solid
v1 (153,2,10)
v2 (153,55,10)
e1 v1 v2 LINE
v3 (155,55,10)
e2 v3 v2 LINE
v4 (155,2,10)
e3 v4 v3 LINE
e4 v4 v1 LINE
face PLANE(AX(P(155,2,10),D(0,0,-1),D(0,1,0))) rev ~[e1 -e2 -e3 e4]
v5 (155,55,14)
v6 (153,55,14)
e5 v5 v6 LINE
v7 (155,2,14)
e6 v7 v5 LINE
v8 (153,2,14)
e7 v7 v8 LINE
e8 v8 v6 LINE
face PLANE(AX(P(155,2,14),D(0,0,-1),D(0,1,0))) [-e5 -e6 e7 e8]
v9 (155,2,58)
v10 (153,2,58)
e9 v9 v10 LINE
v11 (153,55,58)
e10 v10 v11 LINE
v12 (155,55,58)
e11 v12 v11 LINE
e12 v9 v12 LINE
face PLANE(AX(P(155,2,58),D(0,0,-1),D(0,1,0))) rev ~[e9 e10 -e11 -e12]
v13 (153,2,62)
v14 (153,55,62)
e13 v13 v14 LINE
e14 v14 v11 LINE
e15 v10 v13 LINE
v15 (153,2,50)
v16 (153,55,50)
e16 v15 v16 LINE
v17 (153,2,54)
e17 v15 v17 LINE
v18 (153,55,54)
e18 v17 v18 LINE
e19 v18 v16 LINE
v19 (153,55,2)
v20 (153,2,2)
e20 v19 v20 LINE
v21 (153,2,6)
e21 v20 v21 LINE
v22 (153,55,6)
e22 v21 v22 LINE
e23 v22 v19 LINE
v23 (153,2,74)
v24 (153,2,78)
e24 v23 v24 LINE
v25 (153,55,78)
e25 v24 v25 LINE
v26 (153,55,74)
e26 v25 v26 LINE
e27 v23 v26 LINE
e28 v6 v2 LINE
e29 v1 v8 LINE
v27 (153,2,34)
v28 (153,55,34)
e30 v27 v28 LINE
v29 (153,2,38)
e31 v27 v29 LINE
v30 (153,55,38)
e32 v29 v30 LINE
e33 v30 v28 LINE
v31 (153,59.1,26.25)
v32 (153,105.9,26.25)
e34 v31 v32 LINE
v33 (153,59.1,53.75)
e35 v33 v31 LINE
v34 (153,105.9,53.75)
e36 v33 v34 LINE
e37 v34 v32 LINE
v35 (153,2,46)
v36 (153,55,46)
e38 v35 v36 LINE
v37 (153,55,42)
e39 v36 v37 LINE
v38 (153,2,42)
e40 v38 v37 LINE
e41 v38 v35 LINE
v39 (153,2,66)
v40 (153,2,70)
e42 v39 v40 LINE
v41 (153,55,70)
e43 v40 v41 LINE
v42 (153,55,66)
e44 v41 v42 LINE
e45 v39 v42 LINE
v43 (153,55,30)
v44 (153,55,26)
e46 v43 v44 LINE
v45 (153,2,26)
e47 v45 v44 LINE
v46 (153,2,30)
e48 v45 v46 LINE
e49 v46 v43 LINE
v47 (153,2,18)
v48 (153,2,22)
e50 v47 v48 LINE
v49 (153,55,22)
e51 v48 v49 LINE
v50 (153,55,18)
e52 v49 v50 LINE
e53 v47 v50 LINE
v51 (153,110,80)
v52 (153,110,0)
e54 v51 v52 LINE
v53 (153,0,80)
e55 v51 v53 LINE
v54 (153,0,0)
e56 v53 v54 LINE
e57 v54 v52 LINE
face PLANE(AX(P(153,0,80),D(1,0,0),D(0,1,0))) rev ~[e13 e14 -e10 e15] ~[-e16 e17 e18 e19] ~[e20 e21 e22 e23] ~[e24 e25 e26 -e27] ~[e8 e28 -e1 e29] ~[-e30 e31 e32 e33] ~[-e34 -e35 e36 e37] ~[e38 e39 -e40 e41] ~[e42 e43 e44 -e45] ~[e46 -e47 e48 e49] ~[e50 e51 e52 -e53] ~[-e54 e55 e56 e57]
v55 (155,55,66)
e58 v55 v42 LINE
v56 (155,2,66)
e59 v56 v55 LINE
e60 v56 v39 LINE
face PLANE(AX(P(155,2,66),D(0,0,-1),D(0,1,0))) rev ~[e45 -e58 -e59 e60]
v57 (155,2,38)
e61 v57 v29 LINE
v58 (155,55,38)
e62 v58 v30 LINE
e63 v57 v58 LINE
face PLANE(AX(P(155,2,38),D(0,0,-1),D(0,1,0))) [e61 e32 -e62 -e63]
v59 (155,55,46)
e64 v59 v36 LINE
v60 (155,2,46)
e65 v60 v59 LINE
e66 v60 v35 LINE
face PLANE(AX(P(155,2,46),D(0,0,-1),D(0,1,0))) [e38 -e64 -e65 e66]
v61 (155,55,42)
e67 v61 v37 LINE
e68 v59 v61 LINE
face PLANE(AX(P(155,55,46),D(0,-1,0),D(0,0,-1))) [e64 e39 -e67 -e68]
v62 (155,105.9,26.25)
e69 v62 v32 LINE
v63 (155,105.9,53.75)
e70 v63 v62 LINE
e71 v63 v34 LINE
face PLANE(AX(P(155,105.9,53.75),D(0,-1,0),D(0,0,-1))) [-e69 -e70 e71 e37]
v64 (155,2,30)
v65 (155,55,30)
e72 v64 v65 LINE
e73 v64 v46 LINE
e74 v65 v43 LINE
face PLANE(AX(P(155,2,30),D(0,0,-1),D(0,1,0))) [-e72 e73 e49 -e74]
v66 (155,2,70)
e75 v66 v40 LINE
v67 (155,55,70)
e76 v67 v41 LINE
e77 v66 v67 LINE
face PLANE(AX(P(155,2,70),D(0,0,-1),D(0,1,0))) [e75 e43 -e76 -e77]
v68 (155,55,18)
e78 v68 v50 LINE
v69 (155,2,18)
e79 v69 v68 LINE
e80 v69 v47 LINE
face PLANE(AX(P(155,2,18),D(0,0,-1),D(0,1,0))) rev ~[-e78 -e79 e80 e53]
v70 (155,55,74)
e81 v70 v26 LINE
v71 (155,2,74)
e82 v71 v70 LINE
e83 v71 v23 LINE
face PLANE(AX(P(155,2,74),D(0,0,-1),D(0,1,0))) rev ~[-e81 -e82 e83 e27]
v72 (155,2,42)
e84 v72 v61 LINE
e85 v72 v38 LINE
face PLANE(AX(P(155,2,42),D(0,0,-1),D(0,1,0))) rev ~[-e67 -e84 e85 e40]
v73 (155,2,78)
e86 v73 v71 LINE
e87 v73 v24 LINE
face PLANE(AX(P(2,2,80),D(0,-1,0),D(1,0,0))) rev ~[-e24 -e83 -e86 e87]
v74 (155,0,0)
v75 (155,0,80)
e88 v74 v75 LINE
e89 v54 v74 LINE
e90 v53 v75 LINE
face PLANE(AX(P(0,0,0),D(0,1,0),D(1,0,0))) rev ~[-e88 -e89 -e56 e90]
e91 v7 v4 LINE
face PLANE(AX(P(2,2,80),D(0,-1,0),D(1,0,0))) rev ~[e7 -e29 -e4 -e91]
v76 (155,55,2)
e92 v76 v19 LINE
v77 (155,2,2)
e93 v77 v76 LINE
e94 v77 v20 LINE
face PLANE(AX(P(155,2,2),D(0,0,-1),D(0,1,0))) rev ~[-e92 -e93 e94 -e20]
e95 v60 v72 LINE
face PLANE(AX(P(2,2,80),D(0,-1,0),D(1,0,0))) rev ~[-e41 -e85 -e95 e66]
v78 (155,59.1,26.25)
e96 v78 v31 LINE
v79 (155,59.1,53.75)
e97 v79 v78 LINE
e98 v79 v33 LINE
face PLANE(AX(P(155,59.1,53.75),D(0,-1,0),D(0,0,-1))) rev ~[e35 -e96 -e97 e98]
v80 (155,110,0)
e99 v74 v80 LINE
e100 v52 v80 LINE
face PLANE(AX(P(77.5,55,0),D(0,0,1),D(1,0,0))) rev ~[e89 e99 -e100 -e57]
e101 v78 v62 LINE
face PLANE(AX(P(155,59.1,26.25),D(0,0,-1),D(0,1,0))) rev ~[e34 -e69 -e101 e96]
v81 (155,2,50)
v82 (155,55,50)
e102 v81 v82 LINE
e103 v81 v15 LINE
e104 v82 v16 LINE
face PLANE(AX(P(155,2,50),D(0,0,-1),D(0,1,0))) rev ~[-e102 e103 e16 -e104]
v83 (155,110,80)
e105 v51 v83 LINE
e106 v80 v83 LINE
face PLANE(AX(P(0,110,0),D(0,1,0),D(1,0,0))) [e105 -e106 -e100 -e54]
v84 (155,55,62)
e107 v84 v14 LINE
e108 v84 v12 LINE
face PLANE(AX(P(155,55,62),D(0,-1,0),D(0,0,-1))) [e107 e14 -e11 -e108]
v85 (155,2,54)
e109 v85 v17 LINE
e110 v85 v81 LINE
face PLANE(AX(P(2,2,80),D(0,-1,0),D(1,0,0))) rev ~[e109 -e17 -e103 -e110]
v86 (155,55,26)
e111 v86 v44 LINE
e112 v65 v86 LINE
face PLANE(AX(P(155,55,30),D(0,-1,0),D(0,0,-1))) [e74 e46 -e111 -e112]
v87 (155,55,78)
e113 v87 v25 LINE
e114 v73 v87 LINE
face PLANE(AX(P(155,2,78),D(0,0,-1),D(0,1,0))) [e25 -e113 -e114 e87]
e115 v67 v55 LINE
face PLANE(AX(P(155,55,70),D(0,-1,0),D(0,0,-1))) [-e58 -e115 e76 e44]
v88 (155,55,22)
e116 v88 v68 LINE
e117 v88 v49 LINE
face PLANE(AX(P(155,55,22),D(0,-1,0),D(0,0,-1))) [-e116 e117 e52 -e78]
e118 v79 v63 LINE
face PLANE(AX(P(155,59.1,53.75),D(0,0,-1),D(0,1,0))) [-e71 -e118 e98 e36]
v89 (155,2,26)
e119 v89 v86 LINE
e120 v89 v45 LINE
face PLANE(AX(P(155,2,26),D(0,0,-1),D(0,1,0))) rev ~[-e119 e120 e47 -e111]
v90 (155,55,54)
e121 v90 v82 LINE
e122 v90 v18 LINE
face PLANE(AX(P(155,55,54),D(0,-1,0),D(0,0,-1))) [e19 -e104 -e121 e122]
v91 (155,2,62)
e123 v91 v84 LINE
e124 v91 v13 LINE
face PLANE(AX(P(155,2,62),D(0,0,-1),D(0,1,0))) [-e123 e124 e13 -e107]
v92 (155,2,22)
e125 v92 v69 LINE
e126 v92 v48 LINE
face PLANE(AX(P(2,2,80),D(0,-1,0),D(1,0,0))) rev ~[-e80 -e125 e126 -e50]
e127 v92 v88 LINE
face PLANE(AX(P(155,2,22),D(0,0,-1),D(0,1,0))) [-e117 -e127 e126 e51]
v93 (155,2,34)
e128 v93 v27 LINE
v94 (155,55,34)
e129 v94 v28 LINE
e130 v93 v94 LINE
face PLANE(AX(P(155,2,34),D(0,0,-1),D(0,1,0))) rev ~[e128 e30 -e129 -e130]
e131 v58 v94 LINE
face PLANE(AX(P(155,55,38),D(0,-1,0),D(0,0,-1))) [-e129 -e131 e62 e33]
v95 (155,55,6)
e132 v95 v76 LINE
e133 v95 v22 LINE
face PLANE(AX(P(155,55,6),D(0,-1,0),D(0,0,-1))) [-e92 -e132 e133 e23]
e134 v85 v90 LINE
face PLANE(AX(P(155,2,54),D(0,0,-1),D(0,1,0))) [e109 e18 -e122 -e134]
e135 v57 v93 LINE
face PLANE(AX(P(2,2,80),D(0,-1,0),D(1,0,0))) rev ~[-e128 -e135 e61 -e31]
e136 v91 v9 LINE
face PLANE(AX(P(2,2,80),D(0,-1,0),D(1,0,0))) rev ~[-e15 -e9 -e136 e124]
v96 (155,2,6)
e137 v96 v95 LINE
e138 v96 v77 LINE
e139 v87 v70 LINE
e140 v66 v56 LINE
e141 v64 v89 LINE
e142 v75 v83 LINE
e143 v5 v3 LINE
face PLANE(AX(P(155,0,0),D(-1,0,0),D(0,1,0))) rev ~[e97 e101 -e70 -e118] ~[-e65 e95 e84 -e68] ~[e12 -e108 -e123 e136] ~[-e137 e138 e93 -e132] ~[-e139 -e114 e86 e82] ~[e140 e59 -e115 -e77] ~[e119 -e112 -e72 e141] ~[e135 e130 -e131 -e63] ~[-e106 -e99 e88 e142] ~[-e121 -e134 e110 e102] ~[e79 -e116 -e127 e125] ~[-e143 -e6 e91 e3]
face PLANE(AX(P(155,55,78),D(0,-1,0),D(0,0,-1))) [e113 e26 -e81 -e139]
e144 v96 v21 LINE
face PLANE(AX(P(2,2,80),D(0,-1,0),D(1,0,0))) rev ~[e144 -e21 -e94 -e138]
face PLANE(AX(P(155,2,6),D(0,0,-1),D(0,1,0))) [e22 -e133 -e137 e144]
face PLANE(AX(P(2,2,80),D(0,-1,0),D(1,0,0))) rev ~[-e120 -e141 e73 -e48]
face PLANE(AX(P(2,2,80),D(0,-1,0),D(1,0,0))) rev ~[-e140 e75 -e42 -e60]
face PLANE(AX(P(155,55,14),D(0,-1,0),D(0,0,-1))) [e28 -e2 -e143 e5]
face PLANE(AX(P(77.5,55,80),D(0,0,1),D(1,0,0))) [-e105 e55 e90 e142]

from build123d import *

# Parameters (mm, degrees)
SKETCH1_W           = 155
SKETCH1_H           = 110
BOSS_EXTRUDE1_DEPTH = 80
SKETCH2_W           = 151
SKETCH2_H           = 106
CUT_EXTRUDE1_DEPTH  = 78
SKETCH3_R           = 2.5
CUT_EXTRUDE2_DEPTH  = 2
SKETCH7_R           = 1.6
CUT_EXTRUDE7_DEPTH  = 2
SKETCH4_W           = 27.5
SKETCH4_H           = 46.8
CUT_EXTRUDE8_DEPTH  = 2
SKETCH8_W           = 4
SKETCH8_H           = 53
CUT_EXTRUDE9_DEPTH  = 2
SKETCH9_W           = 14
SKETCH9_H           = 14
CUT_EXTRUDE10_DEPTH = 2
SKETCH10_W          = 25.2
SKETCH10_H          = 71.2
SKETCH10_R          = 1.25
CUT_EXTRUDE12_DEPTH = 2
SKETCH11_R          = 2.5
SKETCH11_R_2        = 4.5
CUT_EXTRUDE13_DEPTH = 2
SKETCH12_W          = 153
SKETCH12_H          = 110
CUT_EXTRUDE14_DEPTH = 80


with BuildPart() as part:
    # Sketch1 → Boss-Extrude1 (new body)
    with BuildSketch(Plane.XY):
        with Locations((77.5, 55)):
            Rectangle(SKETCH1_W, SKETCH1_H)
    extrude(amount=BOSS_EXTRUDE1_DEPTH)

    # Sketch2 → Cut-Extrude1 (cut)
    with BuildSketch(Plane.XY.offset(80)):
        with Locations((77.5, 55)):
            Rectangle(SKETCH2_W, SKETCH2_H)
    extrude(amount=-CUT_EXTRUDE1_DEPTH, mode=Mode.SUBTRACT)

    # Sketch3 → Cut-Extrude2 (cut)
    with BuildSketch(Plane.XY.offset(2)):
        with Locations((145, 100.5)):
            Circle(SKETCH3_R)
        with Locations((145, 9.5)):
            Circle(SKETCH3_R)
        with Locations((10, 9.5)):
            Circle(SKETCH3_R)
        with Locations((10, 100.5)):
            Circle(SKETCH3_R)
    extrude(amount=-CUT_EXTRUDE2_DEPTH, mode=Mode.SUBTRACT)

    # Sketch7 → Cut-Extrude7 (cut)
    with BuildSketch(Plane(origin=(0, 110, 0), x_dir=(1, 0, 0), z_dir=(0, 1, 0))):
        with Locations((44.48, -20.14450396)):
            Circle(SKETCH7_R)
        with Locations((95.28, -17.14)):
            Circle(SKETCH7_R)
        with Locations((95.28, -62.86)):
            Circle(SKETCH7_R)
        with Locations((44.48, -47.62)):
            Circle(SKETCH7_R)
    extrude(amount=-CUT_EXTRUDE7_DEPTH, mode=Mode.SUBTRACT)

    # Sketch4 → Cut-Extrude8 (cut)
    with BuildSketch(Plane(origin=(155, 0, 0), x_dir=(0, 0, -1), z_dir=(1, 0, 0))):
        with Locations((-40, 82.5)):
            Rectangle(SKETCH4_W, SKETCH4_H)
    extrude(amount=-CUT_EXTRUDE8_DEPTH, mode=Mode.SUBTRACT)

    # Sketch8 → Cut-Extrude9 (cut)
    with BuildSketch(Plane(origin=(155, 0, 0), x_dir=(0, 0, -1), z_dir=(1, 0, 0))):
        with Locations((-68, 28.5)):
            Rectangle(SKETCH8_W, SKETCH8_H)
        with Locations((-76, 28.5)):
            Rectangle(SKETCH8_W, SKETCH8_H)
        with Locations((-60, 28.5)):
            Rectangle(SKETCH8_W, SKETCH8_H)
        with Locations((-52, 28.5)):
            Rectangle(SKETCH8_W, SKETCH8_H)
        with Locations((-44, 28.5)):
            Rectangle(SKETCH8_W, SKETCH8_H)
        with Locations((-36, 28.5)):
            Rectangle(SKETCH8_W, SKETCH8_H)
        with Locations((-28, 28.5)):
            Rectangle(SKETCH8_W, SKETCH8_H)
        with Locations((-20, 28.5)):
            Rectangle(SKETCH8_W, SKETCH8_H)
        with Locations((-12, 28.5)):
            Rectangle(SKETCH8_W, SKETCH8_H)
        with Locations((-4, 28.5)):
            Rectangle(SKETCH8_W, SKETCH8_H)
    extrude(amount=-CUT_EXTRUDE9_DEPTH, mode=Mode.SUBTRACT)

    # Sketch9 → Cut-Extrude10 (cut)
    with BuildSketch(Plane(origin=(0, 110, 0), x_dir=(1, 0, 0), z_dir=(0, 1, 0))):
        with Locations((120, -19)):
            Rectangle(SKETCH9_W, SKETCH9_H)
    extrude(amount=-CUT_EXTRUDE10_DEPTH, mode=Mode.SUBTRACT)

    # Sketch10 → Cut-Extrude12 (cut)
    with BuildSketch(Plane.ZY):
        with Locations((58, 55)):
            Rectangle(SKETCH10_W, SKETCH10_H)
        with Locations((42.5, 92.5)):
            Circle(SKETCH10_R)
        with Locations((73.5, 92.5)):
            Circle(SKETCH10_R)
        with Locations((42.5, 17.5)):
            Circle(SKETCH10_R)
        with Locations((73.5, 17.5)):
            Circle(SKETCH10_R)
    extrude(amount=-CUT_EXTRUDE12_DEPTH, mode=Mode.SUBTRACT)

    # Sketch11 → Cut-Extrude13 (cut)
    with BuildSketch(Plane.ZY):
        with Locations((20, 55)):
            Circle(SKETCH11_R)
        with Locations((20, 40)):
            Circle(SKETCH11_R)
        with Locations((20, 25)):
            Circle(SKETCH11_R)
        with Locations((20, 82.5)):
            Circle(SKETCH11_R_2)
    extrude(amount=-CUT_EXTRUDE13_DEPTH, mode=Mode.SUBTRACT)

    # Sketch12 → Cut-Extrude14 (cut)
    with BuildSketch(Plane.XY.offset(80)):
        with Locations((76.5, 55)):
            Rectangle(SKETCH12_W, SKETCH12_H)
    extrude(amount=-CUT_EXTRUDE14_DEPTH, mode=Mode.SUBTRACT)


solid = part.part
